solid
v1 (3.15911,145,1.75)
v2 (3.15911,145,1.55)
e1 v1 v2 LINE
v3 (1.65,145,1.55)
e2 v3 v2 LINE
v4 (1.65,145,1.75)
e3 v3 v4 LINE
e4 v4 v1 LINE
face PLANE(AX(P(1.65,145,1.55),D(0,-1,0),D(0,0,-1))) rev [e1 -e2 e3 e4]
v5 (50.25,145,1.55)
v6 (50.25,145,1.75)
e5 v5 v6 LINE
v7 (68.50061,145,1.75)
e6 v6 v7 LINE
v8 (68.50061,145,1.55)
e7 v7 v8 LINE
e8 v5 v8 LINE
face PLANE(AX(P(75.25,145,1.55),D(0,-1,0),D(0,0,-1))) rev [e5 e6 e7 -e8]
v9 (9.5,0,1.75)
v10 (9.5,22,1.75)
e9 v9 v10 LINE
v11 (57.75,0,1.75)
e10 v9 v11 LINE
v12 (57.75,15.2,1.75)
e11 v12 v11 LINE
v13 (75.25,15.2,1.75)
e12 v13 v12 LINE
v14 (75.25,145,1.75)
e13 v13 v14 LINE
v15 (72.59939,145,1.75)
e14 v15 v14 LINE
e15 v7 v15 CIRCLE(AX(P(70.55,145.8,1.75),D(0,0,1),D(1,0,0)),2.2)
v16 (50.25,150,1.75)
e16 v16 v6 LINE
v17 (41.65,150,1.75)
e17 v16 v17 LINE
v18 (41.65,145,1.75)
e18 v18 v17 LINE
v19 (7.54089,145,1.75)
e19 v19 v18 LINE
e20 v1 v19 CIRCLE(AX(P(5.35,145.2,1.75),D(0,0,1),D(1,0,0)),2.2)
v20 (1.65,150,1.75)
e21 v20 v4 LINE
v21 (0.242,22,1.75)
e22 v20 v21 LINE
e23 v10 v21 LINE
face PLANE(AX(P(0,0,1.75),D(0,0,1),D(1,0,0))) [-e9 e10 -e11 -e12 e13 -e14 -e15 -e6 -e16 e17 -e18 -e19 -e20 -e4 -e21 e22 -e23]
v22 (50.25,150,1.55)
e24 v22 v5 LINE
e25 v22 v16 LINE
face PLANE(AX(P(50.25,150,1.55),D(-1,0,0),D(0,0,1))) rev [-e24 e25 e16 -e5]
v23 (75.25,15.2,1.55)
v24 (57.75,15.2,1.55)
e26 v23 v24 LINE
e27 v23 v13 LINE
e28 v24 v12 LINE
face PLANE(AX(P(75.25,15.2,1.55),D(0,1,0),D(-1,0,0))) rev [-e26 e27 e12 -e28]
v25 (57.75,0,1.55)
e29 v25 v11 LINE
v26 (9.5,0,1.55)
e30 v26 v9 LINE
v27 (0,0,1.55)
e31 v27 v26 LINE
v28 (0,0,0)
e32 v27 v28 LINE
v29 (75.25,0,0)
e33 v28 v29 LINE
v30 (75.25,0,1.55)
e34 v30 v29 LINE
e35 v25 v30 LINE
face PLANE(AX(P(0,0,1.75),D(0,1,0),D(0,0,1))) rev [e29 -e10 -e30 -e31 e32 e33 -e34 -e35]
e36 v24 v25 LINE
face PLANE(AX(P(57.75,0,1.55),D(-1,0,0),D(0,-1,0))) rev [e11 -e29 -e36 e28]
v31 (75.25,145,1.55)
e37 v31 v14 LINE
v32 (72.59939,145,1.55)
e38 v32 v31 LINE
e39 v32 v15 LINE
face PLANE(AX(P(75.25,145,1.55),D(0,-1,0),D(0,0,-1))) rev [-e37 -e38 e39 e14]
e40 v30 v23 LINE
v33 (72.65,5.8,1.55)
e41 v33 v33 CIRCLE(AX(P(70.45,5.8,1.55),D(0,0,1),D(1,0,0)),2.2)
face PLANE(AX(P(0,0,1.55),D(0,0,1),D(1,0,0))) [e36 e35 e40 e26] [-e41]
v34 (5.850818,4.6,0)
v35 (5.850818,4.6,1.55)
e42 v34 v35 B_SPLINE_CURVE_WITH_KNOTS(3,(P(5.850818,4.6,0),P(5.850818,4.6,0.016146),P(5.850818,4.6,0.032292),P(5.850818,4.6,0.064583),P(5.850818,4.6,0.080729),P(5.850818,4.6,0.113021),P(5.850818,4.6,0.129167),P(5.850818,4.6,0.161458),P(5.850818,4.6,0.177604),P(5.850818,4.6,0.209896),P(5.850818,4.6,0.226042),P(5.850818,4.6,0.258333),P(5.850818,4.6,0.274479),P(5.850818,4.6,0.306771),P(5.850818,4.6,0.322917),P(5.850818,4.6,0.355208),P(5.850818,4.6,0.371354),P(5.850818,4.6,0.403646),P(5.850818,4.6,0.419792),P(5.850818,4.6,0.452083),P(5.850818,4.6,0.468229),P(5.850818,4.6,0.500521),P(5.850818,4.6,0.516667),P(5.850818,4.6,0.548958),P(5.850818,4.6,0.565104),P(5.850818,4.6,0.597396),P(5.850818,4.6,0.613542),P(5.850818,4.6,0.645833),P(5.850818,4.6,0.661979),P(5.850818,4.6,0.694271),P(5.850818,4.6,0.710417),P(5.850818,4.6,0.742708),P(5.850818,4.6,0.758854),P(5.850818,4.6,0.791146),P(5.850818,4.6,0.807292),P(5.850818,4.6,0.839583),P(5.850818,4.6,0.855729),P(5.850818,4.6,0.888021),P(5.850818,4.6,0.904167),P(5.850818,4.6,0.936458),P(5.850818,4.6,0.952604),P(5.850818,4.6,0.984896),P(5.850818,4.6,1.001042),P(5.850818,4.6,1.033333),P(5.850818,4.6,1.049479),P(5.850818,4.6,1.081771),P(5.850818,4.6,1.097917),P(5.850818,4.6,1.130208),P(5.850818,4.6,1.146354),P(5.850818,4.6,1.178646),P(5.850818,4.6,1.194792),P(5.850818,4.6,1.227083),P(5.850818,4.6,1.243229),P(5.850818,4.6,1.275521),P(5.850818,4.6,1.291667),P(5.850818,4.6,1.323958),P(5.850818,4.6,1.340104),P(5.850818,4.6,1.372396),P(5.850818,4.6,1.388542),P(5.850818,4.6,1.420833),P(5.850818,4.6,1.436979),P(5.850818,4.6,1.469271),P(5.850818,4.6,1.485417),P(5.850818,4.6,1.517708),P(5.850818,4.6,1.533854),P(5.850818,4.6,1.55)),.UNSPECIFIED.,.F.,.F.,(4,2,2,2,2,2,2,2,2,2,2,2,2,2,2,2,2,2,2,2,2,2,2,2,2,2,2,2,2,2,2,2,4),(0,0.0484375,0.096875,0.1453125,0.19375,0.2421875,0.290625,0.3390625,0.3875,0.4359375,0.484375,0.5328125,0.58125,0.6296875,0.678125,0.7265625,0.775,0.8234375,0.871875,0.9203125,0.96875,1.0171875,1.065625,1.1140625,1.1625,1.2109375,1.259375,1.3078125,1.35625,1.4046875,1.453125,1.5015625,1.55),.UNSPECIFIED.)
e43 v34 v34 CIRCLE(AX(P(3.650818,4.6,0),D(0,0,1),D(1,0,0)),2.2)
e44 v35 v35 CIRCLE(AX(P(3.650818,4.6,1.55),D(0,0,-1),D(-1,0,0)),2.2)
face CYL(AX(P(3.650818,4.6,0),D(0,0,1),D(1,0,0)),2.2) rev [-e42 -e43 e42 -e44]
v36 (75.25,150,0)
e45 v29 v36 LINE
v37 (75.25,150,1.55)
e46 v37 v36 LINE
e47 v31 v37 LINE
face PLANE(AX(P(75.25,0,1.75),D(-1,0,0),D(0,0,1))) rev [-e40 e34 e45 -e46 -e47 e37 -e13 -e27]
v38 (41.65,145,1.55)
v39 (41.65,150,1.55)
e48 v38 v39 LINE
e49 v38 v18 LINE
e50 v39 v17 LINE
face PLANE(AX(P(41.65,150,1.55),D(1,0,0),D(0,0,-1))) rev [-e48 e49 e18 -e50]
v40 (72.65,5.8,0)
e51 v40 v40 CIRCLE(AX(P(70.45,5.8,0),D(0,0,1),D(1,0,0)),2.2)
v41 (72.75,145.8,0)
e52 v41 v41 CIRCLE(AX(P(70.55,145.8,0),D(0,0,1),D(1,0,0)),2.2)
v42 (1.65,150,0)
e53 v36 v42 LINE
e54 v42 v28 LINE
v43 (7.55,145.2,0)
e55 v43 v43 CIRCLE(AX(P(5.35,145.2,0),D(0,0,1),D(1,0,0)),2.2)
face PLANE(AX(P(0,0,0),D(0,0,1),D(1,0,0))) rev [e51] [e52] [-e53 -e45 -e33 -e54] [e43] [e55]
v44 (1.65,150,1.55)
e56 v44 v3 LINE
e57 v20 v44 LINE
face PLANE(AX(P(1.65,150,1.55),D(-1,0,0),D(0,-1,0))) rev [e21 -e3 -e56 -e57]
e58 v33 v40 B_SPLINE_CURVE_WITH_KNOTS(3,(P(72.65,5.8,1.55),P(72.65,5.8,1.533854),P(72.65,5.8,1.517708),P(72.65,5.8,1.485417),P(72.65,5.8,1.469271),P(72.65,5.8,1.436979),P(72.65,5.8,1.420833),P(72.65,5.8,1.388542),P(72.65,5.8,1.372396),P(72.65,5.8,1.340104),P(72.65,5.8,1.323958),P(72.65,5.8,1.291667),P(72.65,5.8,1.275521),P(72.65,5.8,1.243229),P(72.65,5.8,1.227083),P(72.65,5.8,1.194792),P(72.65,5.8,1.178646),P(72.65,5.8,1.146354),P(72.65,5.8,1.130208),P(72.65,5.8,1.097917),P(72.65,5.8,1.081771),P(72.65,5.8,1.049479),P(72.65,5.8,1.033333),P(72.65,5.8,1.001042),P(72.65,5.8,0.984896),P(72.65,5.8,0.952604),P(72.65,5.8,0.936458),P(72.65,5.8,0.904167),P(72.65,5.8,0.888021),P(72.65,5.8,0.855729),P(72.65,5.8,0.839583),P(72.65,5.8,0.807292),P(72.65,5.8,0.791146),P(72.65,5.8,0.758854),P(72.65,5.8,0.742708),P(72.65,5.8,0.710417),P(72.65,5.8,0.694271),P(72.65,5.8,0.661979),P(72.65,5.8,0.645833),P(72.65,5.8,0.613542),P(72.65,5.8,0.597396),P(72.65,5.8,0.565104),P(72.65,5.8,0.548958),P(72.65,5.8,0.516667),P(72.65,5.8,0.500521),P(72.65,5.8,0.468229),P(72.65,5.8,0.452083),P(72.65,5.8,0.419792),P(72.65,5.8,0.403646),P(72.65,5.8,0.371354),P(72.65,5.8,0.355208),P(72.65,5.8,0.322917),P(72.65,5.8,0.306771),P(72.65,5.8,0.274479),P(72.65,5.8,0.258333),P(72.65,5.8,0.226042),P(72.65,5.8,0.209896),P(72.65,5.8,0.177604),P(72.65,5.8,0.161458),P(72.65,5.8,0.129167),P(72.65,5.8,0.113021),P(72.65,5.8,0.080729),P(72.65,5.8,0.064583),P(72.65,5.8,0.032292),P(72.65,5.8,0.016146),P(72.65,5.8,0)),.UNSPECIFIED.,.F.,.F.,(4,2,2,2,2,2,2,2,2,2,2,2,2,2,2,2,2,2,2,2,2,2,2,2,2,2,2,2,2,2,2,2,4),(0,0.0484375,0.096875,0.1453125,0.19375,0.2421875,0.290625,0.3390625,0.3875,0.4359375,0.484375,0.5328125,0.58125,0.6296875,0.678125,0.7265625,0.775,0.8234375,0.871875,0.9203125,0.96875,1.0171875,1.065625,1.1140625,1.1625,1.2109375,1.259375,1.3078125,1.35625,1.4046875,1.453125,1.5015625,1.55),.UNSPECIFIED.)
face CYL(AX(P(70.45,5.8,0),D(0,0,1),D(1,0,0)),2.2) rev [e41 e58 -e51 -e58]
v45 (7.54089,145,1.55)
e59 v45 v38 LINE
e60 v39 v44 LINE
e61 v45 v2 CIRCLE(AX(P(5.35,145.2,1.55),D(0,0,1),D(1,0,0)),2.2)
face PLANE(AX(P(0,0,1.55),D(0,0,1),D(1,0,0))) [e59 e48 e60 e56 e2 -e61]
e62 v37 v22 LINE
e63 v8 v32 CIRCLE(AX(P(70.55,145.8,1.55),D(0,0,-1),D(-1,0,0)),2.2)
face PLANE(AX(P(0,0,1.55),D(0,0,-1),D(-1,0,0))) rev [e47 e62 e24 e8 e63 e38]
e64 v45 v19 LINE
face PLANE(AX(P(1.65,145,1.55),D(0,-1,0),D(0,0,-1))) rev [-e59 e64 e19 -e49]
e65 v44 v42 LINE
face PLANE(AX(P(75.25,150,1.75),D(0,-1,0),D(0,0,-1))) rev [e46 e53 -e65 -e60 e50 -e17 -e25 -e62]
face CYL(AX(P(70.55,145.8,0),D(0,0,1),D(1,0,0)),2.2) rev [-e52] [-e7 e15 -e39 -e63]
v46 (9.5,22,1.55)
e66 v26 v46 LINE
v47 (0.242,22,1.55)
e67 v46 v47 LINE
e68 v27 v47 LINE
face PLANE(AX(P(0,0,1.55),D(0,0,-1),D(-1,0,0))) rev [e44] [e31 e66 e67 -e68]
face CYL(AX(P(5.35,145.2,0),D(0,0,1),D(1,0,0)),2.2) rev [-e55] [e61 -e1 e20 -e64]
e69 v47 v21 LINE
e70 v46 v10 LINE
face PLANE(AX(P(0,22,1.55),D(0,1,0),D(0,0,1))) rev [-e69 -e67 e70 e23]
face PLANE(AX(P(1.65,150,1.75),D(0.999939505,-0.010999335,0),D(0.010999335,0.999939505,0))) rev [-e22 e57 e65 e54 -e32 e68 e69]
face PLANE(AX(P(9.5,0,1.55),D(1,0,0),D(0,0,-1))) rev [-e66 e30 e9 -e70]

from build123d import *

# Parameters (mm, degrees)
SALIENTE_EXTRUIR1_DEPTH    = 1.75
CROQUIS2_W                 = 17.5
CROQUIS2_H                 = 15.2
CROQUIS2_W_2               = 9.5
CROQUIS2_H_2               = 22
CROQUIS2_W_3               = 40
CROQUIS2_H_3               = 5
CROQUIS2_W_4               = 25
CORTAR_EXTRUIR1_DEPTH      = 0.2
CORTAR_EXTRUIR2_DEPTH      = 168.824208623
CORTAR_EXTRUIR2_DEPTH_BACK = 168.824208623
CROQUIS3_R                 = 2.2


with BuildPart() as part:
    # Croquis1 → Saliente-Extruir1 (new body)
    with BuildSketch(Plane.XY):
        Polygon((0, 0), (75.25, 0), (75.25, 150), (1.65, 150), align=None)
    extrude(amount=SALIENTE_EXTRUIR1_DEPTH)

    # Croquis2 → Cortar-Extruir1 (cut)
    with BuildSketch(Plane.XY.offset(1.75)):
        with Locations((66.5, 7.6)):
            Rectangle(CROQUIS2_W, CROQUIS2_H)
        with Locations((4.75, 11)):
            Rectangle(CROQUIS2_W_2, CROQUIS2_H_2)
        with Locations((21.65, 147.5)):
            Rectangle(CROQUIS2_W_3, CROQUIS2_H_3)
        with Locations((62.75, 147.5)):
            Rectangle(CROQUIS2_W_4, CROQUIS2_H_3)
    extrude(amount=-CORTAR_EXTRUIR1_DEPTH, mode=Mode.SUBTRACT)

    # Croquis3 → Cortar-Extruir2 (cut, two sides: drawn at the far end of the back side and taken through both)
    with BuildSketch(Plane.XY.offset(1.55).offset(-CORTAR_EXTRUIR2_DEPTH_BACK)):
        with Locations((3.650817793, 4.6)):
            Circle(CROQUIS3_R)
        with Locations((70.45, 5.8)):
            Circle(CROQUIS3_R)
        with Locations((5.35, 145.2)):
            Circle(CROQUIS3_R)
        with Locations((70.55, 145.8)):
            Circle(CROQUIS3_R)
    extrude(amount=CORTAR_EXTRUIR2_DEPTH + CORTAR_EXTRUIR2_DEPTH_BACK, mode=Mode.SUBTRACT)


solid = part.part
